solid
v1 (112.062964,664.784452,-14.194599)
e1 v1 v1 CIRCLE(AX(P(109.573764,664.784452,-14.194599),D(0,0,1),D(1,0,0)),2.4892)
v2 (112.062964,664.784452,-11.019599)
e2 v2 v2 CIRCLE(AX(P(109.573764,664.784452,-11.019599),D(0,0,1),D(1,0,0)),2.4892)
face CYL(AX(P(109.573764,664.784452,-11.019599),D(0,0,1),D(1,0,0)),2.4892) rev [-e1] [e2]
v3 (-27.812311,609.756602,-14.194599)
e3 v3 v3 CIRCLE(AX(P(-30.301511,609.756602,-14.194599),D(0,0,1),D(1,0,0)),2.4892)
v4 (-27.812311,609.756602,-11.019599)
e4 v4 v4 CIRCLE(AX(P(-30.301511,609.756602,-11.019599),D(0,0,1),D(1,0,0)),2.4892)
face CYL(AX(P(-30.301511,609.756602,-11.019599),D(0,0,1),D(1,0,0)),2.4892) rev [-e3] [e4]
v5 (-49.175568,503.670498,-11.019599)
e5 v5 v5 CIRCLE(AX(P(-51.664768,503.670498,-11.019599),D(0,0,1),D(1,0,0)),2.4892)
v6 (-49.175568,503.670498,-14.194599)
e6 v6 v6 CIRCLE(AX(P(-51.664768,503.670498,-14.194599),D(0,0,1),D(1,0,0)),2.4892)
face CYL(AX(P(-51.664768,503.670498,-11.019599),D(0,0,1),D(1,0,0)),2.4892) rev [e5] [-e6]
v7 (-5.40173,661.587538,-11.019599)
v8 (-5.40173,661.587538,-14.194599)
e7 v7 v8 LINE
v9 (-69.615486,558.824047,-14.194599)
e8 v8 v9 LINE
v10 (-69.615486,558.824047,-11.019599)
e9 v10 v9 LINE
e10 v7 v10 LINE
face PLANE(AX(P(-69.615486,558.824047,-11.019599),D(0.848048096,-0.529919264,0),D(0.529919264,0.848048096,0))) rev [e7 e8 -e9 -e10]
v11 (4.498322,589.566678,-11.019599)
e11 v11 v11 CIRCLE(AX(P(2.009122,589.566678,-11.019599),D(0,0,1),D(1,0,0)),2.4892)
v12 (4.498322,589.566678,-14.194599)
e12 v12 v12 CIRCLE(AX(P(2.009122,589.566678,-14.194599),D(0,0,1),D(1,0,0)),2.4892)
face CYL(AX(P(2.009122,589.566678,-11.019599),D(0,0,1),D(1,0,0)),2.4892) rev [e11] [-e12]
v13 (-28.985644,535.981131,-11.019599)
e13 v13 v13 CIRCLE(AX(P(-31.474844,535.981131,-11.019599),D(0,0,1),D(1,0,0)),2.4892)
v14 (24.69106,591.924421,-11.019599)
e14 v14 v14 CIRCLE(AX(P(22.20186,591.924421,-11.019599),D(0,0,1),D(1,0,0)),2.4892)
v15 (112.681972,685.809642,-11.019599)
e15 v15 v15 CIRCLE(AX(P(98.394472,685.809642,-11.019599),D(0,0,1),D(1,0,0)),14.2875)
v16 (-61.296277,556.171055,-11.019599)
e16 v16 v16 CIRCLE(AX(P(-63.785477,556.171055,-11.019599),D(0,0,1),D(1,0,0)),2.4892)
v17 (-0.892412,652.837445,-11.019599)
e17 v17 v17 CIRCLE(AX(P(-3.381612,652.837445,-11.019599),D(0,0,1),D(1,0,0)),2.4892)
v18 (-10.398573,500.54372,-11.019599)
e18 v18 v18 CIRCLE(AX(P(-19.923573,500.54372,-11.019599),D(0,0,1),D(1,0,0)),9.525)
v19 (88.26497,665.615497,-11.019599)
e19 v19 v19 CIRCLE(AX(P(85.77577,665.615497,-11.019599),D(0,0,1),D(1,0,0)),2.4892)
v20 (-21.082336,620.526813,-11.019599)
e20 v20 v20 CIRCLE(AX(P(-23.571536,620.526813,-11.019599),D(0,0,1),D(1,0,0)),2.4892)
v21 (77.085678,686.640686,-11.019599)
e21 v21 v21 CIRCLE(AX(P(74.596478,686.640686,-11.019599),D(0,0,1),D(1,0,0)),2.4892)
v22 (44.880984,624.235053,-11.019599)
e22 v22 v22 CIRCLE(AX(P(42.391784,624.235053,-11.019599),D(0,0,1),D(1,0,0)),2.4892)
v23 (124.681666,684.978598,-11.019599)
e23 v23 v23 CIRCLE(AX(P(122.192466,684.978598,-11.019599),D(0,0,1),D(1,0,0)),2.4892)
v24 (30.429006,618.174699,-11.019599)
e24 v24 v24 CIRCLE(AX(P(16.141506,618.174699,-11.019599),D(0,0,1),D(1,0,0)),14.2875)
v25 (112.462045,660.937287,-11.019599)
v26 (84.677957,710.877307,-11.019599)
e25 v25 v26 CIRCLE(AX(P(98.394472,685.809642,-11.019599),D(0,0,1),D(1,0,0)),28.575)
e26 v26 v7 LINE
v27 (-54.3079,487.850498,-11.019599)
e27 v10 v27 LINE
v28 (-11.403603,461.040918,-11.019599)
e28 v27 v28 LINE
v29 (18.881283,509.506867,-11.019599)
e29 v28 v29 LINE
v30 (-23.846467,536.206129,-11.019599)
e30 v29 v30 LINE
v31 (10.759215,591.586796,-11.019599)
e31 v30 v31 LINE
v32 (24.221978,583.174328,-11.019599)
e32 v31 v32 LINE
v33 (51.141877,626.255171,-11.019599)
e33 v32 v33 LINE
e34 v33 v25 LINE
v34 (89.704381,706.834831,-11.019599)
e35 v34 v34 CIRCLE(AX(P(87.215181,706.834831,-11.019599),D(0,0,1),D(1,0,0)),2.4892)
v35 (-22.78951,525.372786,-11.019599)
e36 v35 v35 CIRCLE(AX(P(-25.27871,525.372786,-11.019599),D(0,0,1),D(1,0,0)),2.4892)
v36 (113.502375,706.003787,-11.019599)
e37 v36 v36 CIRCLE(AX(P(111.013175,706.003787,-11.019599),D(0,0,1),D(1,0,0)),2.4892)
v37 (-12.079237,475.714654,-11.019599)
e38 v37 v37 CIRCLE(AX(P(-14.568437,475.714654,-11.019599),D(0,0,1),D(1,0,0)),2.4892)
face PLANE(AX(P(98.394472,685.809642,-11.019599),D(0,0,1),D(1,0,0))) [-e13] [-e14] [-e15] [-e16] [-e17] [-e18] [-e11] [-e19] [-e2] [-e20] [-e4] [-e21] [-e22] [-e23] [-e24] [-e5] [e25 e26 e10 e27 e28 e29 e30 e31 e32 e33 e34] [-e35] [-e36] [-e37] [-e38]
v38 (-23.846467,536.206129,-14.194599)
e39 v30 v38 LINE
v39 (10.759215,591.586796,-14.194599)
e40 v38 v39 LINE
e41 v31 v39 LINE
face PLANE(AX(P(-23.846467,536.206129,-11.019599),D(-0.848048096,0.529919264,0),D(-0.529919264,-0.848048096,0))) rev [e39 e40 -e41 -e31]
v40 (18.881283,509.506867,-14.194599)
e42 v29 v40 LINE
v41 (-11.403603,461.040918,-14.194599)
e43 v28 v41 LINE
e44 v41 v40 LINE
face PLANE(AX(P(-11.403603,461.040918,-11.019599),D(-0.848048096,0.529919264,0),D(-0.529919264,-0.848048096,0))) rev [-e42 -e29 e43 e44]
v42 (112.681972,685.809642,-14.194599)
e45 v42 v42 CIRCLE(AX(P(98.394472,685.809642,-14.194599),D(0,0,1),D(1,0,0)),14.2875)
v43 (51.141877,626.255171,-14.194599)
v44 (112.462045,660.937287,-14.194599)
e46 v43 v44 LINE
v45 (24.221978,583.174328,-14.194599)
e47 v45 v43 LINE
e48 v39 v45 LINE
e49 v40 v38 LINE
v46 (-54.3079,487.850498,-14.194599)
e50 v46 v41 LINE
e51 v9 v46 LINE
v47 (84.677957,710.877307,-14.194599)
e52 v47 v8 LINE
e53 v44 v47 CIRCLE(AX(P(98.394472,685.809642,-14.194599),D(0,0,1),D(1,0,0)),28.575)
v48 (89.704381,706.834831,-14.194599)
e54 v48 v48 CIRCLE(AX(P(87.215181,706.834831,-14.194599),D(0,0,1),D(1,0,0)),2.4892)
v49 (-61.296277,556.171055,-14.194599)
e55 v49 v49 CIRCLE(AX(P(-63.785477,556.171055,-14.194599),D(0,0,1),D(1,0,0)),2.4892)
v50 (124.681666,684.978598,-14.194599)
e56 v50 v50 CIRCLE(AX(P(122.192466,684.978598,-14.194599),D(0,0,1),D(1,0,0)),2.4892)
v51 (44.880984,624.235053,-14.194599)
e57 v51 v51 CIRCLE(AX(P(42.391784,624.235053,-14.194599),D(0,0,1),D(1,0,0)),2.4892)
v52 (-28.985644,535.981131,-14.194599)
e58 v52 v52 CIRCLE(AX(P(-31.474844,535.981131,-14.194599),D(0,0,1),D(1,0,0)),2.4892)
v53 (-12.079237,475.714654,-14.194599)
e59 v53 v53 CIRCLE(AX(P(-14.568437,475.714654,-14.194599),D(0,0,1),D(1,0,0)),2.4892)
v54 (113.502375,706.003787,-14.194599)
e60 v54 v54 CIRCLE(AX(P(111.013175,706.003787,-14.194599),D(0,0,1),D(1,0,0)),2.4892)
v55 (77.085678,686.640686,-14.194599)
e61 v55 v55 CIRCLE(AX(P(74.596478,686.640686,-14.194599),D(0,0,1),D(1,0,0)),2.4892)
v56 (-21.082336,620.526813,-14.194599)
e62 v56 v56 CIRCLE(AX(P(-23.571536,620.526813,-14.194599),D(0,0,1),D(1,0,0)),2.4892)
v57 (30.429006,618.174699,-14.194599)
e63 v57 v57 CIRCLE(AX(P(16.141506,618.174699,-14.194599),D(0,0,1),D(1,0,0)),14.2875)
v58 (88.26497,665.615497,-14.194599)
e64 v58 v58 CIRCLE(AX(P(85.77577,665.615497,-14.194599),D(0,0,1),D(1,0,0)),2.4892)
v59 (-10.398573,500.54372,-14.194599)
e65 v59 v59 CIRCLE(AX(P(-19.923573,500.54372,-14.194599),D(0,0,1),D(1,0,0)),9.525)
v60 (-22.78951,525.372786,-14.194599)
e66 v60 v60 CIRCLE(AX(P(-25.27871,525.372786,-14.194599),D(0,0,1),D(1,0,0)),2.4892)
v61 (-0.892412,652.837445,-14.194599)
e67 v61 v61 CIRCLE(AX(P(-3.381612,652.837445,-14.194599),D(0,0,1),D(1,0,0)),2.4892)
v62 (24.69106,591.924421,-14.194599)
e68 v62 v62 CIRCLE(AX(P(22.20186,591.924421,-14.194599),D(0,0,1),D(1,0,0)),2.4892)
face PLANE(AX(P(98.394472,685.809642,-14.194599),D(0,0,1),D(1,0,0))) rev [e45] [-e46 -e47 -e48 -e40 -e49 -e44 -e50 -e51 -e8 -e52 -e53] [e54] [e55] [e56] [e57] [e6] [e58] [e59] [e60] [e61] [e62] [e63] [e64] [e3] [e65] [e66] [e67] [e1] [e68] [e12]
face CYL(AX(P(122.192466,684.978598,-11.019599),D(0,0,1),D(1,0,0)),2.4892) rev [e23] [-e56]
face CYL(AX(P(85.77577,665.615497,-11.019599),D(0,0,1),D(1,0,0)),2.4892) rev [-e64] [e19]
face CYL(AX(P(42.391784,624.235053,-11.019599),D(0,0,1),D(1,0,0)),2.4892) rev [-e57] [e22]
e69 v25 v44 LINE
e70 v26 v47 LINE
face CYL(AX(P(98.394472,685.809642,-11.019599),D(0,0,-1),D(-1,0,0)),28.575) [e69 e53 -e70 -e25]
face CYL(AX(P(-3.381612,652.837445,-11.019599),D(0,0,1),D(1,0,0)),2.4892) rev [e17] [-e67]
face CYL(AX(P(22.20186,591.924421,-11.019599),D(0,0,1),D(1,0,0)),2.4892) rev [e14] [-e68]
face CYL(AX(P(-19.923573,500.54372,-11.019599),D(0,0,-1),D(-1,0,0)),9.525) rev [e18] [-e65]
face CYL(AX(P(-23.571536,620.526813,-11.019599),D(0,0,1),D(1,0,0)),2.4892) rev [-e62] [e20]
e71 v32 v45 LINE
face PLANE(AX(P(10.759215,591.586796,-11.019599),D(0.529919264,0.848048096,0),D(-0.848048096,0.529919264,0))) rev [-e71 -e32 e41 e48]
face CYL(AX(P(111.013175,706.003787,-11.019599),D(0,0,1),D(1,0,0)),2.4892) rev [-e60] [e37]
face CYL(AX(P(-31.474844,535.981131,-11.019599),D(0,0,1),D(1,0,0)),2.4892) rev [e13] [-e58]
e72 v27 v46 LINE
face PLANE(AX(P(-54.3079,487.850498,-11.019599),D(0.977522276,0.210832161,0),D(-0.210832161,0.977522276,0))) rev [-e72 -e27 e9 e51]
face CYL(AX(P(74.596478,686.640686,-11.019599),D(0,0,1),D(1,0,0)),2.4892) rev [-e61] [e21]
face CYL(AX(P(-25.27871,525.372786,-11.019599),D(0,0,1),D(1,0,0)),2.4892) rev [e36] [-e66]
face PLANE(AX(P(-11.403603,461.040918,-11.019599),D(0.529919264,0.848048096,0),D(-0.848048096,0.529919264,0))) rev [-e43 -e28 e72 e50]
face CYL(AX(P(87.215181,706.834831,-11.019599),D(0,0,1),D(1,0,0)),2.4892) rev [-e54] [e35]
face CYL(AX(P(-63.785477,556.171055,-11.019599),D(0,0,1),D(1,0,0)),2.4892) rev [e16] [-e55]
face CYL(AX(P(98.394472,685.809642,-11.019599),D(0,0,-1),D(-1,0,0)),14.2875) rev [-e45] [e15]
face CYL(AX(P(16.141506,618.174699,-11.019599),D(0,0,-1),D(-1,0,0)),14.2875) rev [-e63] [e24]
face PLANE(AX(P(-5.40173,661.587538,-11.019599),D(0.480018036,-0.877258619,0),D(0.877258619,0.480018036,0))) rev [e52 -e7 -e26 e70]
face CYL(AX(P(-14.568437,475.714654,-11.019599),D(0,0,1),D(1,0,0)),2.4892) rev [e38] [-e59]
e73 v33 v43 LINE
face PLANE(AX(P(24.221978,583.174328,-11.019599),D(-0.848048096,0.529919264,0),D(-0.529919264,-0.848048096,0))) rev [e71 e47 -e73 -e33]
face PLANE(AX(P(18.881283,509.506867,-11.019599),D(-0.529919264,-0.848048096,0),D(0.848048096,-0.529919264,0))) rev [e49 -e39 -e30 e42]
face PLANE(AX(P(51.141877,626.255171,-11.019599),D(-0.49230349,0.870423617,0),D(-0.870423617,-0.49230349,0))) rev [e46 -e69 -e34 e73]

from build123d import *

# Parameters (mm, degrees)
SKETCH1_R              = 14.2875
SKETCH1_R_2            = 9.525
BOSS_EXTRUDE1_DEPTH    = 3.175
F_10_CLEARANCE_HOLE2_D = 4.9784
F_10_CLEARANCE_HOLE3_D = 4.9784


with BuildPart() as part:
    # Sketch1 → Boss-Extrude1 (new body)
    with BuildSketch(Plane.XY.offset(-14.194599474)):
        with BuildLine():
            Line((-11.403602879, 461.040918113), (18.881283072, 509.506866808))
            Line((18.881283072, 509.506866808), (-23.846467356, 536.206128526))
            Line((-23.846467356, 536.206128526), (10.759214603, 591.586796266))
            Line((10.759214603, 591.586796266), (24.22197813, 583.174327946))
            Line((24.22197813, 583.174327946), (51.141876753, 626.255171231))
            Line((51.141876753, 626.255171231), (112.462044501, 660.93728694))
            ThreePointArc((112.462044501, 660.93728694), (123.365099157, 699.702028841), (84.677956887, 710.877306848))
            Line((84.677956887, 710.877306848), (-5.401730059, 661.587538174))
            Line((-5.401730059, 661.587538174), (-69.615486106, 558.824047132))
            Line((-69.615486106, 558.824047132), (-54.307899735, 487.850498283))
            Line((-54.307899735, 487.850498283), (-11.403602879, 461.040918113))
        make_face()
        with Locations((16.14150623, 618.174698631)):
            Circle(SKETCH1_R, mode=Mode.SUBTRACT)
        with Locations((-19.923573493, 500.543719921)):
            Circle(SKETCH1_R_2, mode=Mode.SUBTRACT)
        with Locations((98.394472266, 685.809641802)):
            Circle(SKETCH1_R, mode=Mode.SUBTRACT)
    extrude(amount=BOSS_EXTRUDE1_DEPTH)

    # #10 Clearance Hole2 (through all)
    with Locations(Plane.XY.offset(-11.019599474)):
        with Locations((-25.278710379, 525.37278573), (-14.568436607, 475.714654113), (-3.381611976, 652.837445435), (42.391784014, 624.235053148), (22.201860047, 591.924420685), (-23.571535943, 620.526812972), (-31.474844299, 535.981130963), (-63.785476762, 556.17105493), (-51.664768266, 503.670498499), (2.009121865, 589.566678183), (-30.301510599, 609.756602151)):
            Hole(F_10_CLEARANCE_HOLE2_D / 2)

    # #10 Clearance Hole3 (through all)
    with Locations(Plane.XY.offset(-11.019599474)):
        with Locations((111.013174745, 706.003787092), (122.192466334, 684.978597537), (109.573763855, 664.784452247), (85.775769786, 665.615496512), (74.596478197, 686.640686067), (87.215180677, 706.834831357)):
            Hole(F_10_CLEARANCE_HOLE3_D / 2)


solid = part.part
